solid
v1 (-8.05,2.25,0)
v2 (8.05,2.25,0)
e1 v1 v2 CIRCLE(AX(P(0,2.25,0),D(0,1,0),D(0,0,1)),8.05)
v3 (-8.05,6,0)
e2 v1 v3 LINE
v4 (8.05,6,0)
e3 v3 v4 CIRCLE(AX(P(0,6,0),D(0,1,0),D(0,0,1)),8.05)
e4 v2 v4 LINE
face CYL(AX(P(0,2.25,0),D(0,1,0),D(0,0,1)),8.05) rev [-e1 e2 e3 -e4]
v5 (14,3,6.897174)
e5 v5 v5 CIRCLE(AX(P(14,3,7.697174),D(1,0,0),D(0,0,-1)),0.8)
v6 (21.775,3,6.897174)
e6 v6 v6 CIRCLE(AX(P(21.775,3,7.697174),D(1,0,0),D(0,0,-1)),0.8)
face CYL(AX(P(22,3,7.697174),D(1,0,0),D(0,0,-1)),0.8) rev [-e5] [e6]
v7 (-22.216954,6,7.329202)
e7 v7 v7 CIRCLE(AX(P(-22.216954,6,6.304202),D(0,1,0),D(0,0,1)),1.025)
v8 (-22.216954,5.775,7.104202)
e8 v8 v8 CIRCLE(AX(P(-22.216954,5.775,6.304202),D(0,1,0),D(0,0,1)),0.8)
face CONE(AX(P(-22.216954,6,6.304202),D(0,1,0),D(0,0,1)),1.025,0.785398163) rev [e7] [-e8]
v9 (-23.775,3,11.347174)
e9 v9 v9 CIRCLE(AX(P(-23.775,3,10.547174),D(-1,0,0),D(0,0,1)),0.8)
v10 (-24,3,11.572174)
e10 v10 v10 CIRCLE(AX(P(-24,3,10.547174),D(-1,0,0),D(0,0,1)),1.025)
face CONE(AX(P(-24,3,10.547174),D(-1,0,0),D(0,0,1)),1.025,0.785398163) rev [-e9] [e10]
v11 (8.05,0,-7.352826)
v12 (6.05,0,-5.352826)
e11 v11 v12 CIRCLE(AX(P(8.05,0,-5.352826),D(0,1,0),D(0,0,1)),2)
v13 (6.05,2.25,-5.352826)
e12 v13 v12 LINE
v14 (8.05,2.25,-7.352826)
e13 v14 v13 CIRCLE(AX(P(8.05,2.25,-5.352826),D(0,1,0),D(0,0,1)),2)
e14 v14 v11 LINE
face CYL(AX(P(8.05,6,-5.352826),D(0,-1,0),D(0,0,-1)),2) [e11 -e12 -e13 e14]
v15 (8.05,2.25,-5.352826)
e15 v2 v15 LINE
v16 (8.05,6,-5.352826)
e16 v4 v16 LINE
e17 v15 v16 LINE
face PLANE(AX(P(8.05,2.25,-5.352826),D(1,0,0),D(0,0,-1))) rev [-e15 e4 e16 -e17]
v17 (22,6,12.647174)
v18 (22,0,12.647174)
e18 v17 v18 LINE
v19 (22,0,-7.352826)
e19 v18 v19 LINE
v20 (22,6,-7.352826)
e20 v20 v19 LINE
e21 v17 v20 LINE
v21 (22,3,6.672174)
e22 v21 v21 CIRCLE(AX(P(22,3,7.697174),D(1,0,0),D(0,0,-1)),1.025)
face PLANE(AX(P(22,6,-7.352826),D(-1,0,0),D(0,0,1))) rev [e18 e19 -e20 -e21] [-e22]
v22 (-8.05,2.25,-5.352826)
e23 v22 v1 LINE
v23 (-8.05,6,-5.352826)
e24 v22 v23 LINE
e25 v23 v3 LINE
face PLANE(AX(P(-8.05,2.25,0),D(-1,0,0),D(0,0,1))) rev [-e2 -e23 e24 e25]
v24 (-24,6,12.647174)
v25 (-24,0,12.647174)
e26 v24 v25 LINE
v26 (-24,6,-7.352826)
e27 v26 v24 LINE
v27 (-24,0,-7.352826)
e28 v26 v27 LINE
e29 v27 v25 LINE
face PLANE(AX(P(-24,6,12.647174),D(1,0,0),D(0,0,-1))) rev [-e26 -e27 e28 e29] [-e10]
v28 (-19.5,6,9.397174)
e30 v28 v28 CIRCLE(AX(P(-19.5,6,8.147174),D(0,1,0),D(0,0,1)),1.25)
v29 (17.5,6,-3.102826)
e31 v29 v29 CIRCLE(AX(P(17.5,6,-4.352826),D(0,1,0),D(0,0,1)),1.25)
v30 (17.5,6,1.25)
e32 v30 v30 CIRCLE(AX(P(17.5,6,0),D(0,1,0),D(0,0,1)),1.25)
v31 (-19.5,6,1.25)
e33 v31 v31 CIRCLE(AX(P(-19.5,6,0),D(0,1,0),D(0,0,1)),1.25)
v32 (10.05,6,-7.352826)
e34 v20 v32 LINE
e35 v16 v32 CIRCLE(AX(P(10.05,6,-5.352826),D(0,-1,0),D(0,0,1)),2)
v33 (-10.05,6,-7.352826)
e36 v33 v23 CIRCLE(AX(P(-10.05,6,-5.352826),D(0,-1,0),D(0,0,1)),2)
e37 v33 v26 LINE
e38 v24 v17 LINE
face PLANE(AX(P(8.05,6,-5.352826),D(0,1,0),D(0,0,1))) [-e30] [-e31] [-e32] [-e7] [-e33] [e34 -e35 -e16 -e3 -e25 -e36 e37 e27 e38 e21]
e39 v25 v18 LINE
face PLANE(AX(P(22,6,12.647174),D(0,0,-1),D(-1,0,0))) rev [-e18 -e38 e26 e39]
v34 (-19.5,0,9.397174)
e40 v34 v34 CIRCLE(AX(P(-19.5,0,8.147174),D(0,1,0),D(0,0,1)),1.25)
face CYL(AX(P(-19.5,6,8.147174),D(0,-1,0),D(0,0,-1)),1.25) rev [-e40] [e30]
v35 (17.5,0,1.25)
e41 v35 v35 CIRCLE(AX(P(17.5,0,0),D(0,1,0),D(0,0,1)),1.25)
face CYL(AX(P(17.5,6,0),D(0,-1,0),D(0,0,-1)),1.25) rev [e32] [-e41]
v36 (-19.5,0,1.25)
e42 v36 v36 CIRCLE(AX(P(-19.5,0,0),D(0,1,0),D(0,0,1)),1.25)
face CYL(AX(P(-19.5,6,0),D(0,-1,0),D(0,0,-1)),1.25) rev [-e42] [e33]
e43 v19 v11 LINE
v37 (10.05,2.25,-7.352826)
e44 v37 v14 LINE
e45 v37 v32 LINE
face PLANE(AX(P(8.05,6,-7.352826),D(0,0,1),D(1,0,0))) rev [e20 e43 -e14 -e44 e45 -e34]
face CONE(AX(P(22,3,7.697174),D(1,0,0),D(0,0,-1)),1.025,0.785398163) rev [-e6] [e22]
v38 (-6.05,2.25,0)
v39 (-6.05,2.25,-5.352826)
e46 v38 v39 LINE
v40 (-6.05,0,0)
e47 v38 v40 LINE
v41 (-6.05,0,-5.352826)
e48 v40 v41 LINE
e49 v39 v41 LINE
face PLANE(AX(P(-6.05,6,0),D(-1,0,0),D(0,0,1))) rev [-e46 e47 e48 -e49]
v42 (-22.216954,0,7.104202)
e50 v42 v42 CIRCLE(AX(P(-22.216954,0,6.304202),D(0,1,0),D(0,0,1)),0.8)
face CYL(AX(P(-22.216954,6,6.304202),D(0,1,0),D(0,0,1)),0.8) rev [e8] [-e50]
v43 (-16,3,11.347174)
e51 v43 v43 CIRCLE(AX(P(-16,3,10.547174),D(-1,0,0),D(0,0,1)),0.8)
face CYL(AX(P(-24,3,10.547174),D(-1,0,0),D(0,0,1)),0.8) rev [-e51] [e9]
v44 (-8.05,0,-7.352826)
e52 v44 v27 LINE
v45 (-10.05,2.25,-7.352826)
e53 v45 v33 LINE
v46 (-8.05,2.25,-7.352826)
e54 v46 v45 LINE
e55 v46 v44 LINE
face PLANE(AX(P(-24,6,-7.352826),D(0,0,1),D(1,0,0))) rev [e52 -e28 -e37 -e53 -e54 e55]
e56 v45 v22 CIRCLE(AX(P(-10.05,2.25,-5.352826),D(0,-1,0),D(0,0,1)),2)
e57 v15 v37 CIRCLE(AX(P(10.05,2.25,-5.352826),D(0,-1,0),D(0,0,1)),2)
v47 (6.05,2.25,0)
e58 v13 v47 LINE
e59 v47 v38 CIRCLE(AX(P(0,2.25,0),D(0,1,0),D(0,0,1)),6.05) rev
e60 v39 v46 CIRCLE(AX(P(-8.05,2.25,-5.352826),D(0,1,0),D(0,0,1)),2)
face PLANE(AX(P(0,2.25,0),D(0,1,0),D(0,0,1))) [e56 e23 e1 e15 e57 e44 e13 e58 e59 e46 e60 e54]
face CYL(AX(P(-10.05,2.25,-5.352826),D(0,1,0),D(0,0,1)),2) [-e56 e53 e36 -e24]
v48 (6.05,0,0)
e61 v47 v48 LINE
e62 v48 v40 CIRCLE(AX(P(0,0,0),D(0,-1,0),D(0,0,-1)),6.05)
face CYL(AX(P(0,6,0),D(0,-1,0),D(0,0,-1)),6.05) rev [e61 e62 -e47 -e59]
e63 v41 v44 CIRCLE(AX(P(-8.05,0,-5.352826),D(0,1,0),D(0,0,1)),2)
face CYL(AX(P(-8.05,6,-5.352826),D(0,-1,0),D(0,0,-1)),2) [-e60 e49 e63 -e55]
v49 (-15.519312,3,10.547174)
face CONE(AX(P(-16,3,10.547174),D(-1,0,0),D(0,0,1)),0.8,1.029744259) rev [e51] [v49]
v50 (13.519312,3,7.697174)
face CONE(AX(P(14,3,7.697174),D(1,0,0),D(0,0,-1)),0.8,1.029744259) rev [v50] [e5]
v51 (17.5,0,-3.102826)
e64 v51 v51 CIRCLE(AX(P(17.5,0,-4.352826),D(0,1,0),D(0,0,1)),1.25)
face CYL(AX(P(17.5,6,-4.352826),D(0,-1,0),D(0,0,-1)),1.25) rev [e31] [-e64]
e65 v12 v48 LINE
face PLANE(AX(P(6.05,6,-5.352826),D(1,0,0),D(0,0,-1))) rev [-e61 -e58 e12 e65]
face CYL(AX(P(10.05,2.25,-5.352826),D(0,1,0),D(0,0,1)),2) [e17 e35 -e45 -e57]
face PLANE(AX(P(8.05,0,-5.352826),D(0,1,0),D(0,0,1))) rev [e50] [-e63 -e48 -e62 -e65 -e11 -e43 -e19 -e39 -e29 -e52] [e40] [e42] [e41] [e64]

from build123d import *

# Parameters (mm, degrees)
SKETCH3_R                   = 1.25
BOSS_EXTRUDE1_DEPTH         = 6
CUT_EXTRUDE1_DEPTH          = 3.75
M2_TAPPED_HOLE1_D           = 1.6
M2_TAPPED_HOLE1_DEPTH       = 8
M2_TAPPED_HOLE1_CSINK_D     = 2.05
M2_TAPPED_HOLE1_CSINK_ANGLE = 90
M2_TAPPED_HOLE1_TIP         = 0.480688495
M2_TAPPED_HOLE2_D           = 1.6
M2_TAPPED_HOLE2_DEPTH       = 8
M2_TAPPED_HOLE2_CSINK_D     = 2.05
M2_TAPPED_HOLE2_CSINK_ANGLE = 90
M2_TAPPED_HOLE2_TIP         = 0.480688495
M2_TAPPED_HOLE3_D           = 1.6
M2_TAPPED_HOLE3_DEPTH       = 6
M2_TAPPED_HOLE3_CSINK_D     = 2.05
M2_TAPPED_HOLE3_CSINK_ANGLE = 90
M2_TAPPED_HOLE3_TIP         = 0.480688495


with BuildPart() as part:
    # Sketch3 → Boss-Extrude1 (new body)
    with BuildSketch(Plane(origin=(0, 0, 0), x_dir=(1, 0, 0), z_dir=(0, 1, 0))):
        with BuildLine():
            Line((-24, 7.352825763), (-8.05, 7.352825763))
            ThreePointArc((-8.05, 7.352825763), (-6.635786438, 6.767039326), (-6.05, 5.352825763))
            Line((-6.05, 5.352825763), (-6.05, 0))
            ThreePointArc((-6.05, 0), (0, -6.05), (6.05, 0))
            Line((6.05, 0), (6.05, 5.352825763))
            ThreePointArc((6.05, 5.352825763), (6.635786438, 6.767039326), (8.05, 7.352825763))
            Line((8.05, 7.352825763), (22, 7.352825763))
            Line((22, 7.352825763), (22, -12.647174237))
            Line((22, -12.647174237), (-24, -12.647174237))
            Line((-24, -12.647174237), (-24, 7.352825763))
        make_face()
        with Locations(Location((-19.5, -8.147174237, 0), (0, 0, 270))):
            Circle(SKETCH3_R, mode=Mode.SUBTRACT)
        with Locations(Location((17.5, 4.352825763, 0), (0, 0, 270))):
            Circle(SKETCH3_R, mode=Mode.SUBTRACT)
        with Locations(Location((17.5, 0, 0), (0, 0, 270))):
            Circle(SKETCH3_R, mode=Mode.SUBTRACT)
        with Locations(Location((-19.5, 0, 0), (0, 0, 270))):
            Circle(SKETCH3_R, mode=Mode.SUBTRACT)
    extrude(amount=BOSS_EXTRUDE1_DEPTH)

    # Sketch6 → Cut-Extrude1 (cut)
    with BuildSketch(Plane(origin=(0, 6, 0), x_dir=(1, 0, 0), z_dir=(0, 1, 0))):
        with BuildLine():
            Line((-8.05, 0), (-8.05, 5.352825763))
            ThreePointArc((-8.05, 5.352825763), (-8.635786438, 6.767039326), (-10.05, 7.352825763))
            Line((-10.05, 7.352825763), (10.05, 7.352825763))
            ThreePointArc((10.05, 7.352825763), (8.635786438, 6.767039326), (8.05, 5.352825763))
            Line((8.05, 5.352825763), (8.05, 0))
            ThreePointArc((8.05, 0), (0, -8.05), (-8.05, 0))
        make_face()
    extrude(amount=-CUT_EXTRUDE1_DEPTH, mode=Mode.SUBTRACT)

    # M2 Tapped Hole1
    with Locations(Plane(origin=(22, 0, 0), x_dir=(0, 0, -1), z_dir=(1, 0, 0))):
        with Locations((-7.697174237, 3)):
            CounterSinkHole(M2_TAPPED_HOLE1_D / 2, M2_TAPPED_HOLE1_CSINK_D / 2, depth=M2_TAPPED_HOLE1_DEPTH, counter_sink_angle=M2_TAPPED_HOLE1_CSINK_ANGLE)
            with Locations((0, 0, -(M2_TAPPED_HOLE1_DEPTH + M2_TAPPED_HOLE1_TIP / 2))):  # 118° drill point
                Cone(0, M2_TAPPED_HOLE1_D / 2, M2_TAPPED_HOLE1_TIP, mode=Mode.SUBTRACT)

    # M2 Tapped Hole2
    with Locations(Plane.ZY.offset(24)):
        with Locations((10.547174237, 3)):
            CounterSinkHole(M2_TAPPED_HOLE2_D / 2, M2_TAPPED_HOLE2_CSINK_D / 2, depth=M2_TAPPED_HOLE2_DEPTH, counter_sink_angle=M2_TAPPED_HOLE2_CSINK_ANGLE)
            with Locations((0, 0, -(M2_TAPPED_HOLE2_DEPTH + M2_TAPPED_HOLE2_TIP / 2))):  # 118° drill point
                Cone(0, M2_TAPPED_HOLE2_D / 2, M2_TAPPED_HOLE2_TIP, mode=Mode.SUBTRACT)

    # M2 Tapped Hole3
    with Locations(Plane(origin=(0, 6, 0), x_dir=(1, 0, 0), z_dir=(0, 1, 0))):
        with Locations((-22.216954316, -6.30420158)):
            CounterSinkHole(M2_TAPPED_HOLE3_D / 2, M2_TAPPED_HOLE3_CSINK_D / 2, depth=M2_TAPPED_HOLE3_DEPTH, counter_sink_angle=M2_TAPPED_HOLE3_CSINK_ANGLE)
            with Locations((0, 0, -(M2_TAPPED_HOLE3_DEPTH + M2_TAPPED_HOLE3_TIP / 2))):  # 118° drill point
                Cone(0, M2_TAPPED_HOLE3_D / 2, M2_TAPPED_HOLE3_TIP, mode=Mode.SUBTRACT)


solid = part.part
